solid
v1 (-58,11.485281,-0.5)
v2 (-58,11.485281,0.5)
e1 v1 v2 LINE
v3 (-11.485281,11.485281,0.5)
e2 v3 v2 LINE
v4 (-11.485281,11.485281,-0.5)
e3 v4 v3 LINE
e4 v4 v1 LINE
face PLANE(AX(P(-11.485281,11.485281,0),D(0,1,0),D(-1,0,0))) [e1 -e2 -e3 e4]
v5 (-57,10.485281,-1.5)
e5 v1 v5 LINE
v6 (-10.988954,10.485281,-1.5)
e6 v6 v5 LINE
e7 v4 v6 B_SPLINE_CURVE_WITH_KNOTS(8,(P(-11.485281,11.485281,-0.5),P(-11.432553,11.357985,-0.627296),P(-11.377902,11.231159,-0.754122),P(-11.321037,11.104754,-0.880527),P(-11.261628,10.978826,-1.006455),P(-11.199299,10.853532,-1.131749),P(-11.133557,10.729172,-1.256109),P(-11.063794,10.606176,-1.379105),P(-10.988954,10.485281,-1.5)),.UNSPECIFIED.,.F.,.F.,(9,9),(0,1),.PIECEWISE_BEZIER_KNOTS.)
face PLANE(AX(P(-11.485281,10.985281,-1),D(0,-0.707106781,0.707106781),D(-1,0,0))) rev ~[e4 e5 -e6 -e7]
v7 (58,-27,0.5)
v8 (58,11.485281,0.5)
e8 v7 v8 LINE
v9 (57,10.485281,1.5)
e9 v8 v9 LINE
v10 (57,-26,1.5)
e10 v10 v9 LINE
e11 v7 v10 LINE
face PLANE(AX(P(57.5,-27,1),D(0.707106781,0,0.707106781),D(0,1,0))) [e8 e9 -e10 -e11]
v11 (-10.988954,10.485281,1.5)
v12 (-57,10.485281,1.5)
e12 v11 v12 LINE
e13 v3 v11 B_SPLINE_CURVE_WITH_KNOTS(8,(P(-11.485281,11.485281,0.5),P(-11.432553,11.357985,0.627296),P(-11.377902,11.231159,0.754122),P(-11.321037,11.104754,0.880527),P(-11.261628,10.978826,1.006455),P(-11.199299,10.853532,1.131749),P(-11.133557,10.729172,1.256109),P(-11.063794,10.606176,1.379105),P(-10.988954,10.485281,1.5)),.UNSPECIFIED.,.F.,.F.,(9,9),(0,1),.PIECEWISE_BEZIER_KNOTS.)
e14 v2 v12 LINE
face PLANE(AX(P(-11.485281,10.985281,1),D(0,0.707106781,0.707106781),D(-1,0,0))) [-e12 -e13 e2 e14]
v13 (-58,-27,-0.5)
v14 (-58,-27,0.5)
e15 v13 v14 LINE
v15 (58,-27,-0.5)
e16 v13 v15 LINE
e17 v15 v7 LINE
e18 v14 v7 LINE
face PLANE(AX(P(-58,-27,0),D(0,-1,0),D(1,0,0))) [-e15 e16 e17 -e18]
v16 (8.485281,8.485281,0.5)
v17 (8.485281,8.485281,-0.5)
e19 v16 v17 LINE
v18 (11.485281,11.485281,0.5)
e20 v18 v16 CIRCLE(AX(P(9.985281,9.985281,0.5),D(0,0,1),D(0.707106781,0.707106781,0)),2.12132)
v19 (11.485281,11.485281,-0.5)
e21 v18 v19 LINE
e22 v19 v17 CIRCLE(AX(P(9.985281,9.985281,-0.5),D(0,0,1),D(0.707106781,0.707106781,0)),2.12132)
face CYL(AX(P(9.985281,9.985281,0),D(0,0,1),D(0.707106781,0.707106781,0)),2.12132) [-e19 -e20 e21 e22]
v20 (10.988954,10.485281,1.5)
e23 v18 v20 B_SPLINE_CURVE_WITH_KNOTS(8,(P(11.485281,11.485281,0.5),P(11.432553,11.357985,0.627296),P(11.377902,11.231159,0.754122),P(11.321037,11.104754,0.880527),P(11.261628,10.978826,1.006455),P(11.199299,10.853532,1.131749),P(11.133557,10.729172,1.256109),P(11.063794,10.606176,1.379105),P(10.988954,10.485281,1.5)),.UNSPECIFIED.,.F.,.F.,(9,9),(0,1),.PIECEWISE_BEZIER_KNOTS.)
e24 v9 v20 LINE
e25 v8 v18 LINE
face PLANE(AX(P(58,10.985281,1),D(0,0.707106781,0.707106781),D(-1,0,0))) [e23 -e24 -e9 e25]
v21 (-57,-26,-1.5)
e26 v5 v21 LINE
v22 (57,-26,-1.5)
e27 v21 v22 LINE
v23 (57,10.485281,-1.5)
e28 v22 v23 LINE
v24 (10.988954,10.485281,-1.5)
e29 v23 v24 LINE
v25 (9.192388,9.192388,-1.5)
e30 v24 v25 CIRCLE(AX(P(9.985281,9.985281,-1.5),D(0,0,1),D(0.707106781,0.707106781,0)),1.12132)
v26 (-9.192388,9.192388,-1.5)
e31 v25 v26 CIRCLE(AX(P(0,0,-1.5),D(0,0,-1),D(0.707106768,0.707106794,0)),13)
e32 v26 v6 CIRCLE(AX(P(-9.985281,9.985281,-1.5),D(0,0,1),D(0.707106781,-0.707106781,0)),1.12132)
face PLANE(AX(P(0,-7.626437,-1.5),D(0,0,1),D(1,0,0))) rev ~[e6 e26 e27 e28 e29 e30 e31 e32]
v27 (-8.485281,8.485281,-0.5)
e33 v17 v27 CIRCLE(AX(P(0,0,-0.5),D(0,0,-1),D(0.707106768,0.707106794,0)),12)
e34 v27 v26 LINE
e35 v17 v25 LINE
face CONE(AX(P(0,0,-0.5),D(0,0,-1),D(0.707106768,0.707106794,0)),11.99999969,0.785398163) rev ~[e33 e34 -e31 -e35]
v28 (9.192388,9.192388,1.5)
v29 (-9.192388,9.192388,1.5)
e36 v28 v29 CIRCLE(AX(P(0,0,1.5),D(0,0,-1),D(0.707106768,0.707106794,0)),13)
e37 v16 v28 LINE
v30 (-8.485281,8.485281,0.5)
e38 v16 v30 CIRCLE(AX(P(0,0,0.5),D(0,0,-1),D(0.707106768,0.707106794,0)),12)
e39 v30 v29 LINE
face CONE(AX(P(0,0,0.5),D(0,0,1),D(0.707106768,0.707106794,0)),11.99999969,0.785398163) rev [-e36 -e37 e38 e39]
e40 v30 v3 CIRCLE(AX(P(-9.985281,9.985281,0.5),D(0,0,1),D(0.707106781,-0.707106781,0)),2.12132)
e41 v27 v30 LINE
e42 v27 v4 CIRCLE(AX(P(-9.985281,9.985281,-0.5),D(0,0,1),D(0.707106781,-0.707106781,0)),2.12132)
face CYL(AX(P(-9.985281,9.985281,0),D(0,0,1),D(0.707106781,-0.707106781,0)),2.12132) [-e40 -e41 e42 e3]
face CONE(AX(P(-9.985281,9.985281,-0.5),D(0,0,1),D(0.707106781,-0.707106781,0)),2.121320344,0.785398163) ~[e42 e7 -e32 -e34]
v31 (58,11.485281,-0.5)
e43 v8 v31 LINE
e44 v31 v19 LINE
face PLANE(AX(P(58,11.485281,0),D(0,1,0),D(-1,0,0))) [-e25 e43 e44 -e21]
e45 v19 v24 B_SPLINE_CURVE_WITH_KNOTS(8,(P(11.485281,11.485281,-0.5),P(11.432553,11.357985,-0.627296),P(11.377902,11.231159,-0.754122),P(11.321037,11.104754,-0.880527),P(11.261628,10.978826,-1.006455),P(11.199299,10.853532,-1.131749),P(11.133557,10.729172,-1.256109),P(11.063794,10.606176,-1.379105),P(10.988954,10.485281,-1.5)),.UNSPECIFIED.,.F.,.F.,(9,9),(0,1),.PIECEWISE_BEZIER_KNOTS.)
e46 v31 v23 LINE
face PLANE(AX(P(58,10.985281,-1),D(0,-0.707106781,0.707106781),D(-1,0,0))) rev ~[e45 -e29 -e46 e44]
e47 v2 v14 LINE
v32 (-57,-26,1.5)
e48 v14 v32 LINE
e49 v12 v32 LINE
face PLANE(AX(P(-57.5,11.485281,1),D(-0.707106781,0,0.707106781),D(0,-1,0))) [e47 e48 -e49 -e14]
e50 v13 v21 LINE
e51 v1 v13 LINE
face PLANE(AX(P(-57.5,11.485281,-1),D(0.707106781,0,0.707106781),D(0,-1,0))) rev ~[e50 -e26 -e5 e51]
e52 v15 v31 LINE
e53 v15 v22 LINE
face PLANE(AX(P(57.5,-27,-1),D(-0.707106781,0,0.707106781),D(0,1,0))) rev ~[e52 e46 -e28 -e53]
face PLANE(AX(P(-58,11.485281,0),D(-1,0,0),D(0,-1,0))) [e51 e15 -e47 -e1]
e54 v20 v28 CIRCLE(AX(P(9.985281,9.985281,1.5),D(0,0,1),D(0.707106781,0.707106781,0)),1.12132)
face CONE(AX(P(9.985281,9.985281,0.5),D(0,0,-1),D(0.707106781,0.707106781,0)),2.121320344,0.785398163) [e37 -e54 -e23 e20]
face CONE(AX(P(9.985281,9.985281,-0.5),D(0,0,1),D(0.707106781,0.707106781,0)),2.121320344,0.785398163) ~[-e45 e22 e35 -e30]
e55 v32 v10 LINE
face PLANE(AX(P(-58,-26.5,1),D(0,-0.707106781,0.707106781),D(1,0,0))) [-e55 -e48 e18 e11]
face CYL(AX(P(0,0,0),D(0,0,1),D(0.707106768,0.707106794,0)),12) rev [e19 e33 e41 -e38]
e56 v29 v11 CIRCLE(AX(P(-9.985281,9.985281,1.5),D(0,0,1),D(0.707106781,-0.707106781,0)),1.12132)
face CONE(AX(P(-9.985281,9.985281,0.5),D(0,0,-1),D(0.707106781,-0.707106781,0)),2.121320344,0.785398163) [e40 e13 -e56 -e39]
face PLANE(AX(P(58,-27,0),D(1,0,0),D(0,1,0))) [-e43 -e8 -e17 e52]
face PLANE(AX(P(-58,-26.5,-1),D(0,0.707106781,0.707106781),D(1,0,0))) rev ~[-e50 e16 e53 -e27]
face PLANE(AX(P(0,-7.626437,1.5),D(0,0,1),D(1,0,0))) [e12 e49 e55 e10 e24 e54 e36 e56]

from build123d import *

# Parameters (mm, degrees)
F1_DEPTH = 1.5
F2_SIZE  = 1


with BuildPart() as f1:
    # F0 (on Top) → F1 (new body, symmetric)
    with BuildSketch(Plane.XY):
        with BuildLine():
            ThreePointArc((8.485281, 8.485281), (0, -12), (-8.485281, 8.485281))
            ThreePointArc((-8.485281, 8.485281), (-8.485281, 11.485281), (-11.485281, 11.485281))
            Line((-11.485281, 11.485281), (-58, 11.485281))
            Line((-58, 11.485281), (-58, -27))
            Line((-58, -27), (58, -27))
            Line((58, -27), (58, 11.485281))
            Line((58, 11.485281), (11.485281, 11.485281))
            ThreePointArc((11.485281, 11.485281), (8.485281, 11.485281), (8.485281, 8.485281))
        make_face()
    extrude(amount=F1_DEPTH, both=True)

    # F2
    f2_edges = [f1.edges().sort_by_distance(p)[0] for p in [
        (0, -12, 1.5),
        (8.485281, 11.485281, 1.5),
        (34.742641, 11.485281, 1.5),
        (58, -7.757359, 1.5),
        (0, -27, 1.5),
        (-58, -7.757359, 1.5),
        (-34.742641, 11.485281, 1.5),
        (-8.485281, 11.485281, 1.5),
        (-34.742641, 11.485281, -1.5),
        (-58, -7.757359, -1.5),
        (0, -27, -1.5),
        (0, -12, -1.5),
        (-8.485281, 11.485281, -1.5),
        (58, -7.757359, -1.5),
        (34.742641, 11.485281, -1.5),
        (8.485281, 11.485281, -1.5),
    ]]
    chamfer(f2_edges, length=F2_SIZE)


solid = f1.part
